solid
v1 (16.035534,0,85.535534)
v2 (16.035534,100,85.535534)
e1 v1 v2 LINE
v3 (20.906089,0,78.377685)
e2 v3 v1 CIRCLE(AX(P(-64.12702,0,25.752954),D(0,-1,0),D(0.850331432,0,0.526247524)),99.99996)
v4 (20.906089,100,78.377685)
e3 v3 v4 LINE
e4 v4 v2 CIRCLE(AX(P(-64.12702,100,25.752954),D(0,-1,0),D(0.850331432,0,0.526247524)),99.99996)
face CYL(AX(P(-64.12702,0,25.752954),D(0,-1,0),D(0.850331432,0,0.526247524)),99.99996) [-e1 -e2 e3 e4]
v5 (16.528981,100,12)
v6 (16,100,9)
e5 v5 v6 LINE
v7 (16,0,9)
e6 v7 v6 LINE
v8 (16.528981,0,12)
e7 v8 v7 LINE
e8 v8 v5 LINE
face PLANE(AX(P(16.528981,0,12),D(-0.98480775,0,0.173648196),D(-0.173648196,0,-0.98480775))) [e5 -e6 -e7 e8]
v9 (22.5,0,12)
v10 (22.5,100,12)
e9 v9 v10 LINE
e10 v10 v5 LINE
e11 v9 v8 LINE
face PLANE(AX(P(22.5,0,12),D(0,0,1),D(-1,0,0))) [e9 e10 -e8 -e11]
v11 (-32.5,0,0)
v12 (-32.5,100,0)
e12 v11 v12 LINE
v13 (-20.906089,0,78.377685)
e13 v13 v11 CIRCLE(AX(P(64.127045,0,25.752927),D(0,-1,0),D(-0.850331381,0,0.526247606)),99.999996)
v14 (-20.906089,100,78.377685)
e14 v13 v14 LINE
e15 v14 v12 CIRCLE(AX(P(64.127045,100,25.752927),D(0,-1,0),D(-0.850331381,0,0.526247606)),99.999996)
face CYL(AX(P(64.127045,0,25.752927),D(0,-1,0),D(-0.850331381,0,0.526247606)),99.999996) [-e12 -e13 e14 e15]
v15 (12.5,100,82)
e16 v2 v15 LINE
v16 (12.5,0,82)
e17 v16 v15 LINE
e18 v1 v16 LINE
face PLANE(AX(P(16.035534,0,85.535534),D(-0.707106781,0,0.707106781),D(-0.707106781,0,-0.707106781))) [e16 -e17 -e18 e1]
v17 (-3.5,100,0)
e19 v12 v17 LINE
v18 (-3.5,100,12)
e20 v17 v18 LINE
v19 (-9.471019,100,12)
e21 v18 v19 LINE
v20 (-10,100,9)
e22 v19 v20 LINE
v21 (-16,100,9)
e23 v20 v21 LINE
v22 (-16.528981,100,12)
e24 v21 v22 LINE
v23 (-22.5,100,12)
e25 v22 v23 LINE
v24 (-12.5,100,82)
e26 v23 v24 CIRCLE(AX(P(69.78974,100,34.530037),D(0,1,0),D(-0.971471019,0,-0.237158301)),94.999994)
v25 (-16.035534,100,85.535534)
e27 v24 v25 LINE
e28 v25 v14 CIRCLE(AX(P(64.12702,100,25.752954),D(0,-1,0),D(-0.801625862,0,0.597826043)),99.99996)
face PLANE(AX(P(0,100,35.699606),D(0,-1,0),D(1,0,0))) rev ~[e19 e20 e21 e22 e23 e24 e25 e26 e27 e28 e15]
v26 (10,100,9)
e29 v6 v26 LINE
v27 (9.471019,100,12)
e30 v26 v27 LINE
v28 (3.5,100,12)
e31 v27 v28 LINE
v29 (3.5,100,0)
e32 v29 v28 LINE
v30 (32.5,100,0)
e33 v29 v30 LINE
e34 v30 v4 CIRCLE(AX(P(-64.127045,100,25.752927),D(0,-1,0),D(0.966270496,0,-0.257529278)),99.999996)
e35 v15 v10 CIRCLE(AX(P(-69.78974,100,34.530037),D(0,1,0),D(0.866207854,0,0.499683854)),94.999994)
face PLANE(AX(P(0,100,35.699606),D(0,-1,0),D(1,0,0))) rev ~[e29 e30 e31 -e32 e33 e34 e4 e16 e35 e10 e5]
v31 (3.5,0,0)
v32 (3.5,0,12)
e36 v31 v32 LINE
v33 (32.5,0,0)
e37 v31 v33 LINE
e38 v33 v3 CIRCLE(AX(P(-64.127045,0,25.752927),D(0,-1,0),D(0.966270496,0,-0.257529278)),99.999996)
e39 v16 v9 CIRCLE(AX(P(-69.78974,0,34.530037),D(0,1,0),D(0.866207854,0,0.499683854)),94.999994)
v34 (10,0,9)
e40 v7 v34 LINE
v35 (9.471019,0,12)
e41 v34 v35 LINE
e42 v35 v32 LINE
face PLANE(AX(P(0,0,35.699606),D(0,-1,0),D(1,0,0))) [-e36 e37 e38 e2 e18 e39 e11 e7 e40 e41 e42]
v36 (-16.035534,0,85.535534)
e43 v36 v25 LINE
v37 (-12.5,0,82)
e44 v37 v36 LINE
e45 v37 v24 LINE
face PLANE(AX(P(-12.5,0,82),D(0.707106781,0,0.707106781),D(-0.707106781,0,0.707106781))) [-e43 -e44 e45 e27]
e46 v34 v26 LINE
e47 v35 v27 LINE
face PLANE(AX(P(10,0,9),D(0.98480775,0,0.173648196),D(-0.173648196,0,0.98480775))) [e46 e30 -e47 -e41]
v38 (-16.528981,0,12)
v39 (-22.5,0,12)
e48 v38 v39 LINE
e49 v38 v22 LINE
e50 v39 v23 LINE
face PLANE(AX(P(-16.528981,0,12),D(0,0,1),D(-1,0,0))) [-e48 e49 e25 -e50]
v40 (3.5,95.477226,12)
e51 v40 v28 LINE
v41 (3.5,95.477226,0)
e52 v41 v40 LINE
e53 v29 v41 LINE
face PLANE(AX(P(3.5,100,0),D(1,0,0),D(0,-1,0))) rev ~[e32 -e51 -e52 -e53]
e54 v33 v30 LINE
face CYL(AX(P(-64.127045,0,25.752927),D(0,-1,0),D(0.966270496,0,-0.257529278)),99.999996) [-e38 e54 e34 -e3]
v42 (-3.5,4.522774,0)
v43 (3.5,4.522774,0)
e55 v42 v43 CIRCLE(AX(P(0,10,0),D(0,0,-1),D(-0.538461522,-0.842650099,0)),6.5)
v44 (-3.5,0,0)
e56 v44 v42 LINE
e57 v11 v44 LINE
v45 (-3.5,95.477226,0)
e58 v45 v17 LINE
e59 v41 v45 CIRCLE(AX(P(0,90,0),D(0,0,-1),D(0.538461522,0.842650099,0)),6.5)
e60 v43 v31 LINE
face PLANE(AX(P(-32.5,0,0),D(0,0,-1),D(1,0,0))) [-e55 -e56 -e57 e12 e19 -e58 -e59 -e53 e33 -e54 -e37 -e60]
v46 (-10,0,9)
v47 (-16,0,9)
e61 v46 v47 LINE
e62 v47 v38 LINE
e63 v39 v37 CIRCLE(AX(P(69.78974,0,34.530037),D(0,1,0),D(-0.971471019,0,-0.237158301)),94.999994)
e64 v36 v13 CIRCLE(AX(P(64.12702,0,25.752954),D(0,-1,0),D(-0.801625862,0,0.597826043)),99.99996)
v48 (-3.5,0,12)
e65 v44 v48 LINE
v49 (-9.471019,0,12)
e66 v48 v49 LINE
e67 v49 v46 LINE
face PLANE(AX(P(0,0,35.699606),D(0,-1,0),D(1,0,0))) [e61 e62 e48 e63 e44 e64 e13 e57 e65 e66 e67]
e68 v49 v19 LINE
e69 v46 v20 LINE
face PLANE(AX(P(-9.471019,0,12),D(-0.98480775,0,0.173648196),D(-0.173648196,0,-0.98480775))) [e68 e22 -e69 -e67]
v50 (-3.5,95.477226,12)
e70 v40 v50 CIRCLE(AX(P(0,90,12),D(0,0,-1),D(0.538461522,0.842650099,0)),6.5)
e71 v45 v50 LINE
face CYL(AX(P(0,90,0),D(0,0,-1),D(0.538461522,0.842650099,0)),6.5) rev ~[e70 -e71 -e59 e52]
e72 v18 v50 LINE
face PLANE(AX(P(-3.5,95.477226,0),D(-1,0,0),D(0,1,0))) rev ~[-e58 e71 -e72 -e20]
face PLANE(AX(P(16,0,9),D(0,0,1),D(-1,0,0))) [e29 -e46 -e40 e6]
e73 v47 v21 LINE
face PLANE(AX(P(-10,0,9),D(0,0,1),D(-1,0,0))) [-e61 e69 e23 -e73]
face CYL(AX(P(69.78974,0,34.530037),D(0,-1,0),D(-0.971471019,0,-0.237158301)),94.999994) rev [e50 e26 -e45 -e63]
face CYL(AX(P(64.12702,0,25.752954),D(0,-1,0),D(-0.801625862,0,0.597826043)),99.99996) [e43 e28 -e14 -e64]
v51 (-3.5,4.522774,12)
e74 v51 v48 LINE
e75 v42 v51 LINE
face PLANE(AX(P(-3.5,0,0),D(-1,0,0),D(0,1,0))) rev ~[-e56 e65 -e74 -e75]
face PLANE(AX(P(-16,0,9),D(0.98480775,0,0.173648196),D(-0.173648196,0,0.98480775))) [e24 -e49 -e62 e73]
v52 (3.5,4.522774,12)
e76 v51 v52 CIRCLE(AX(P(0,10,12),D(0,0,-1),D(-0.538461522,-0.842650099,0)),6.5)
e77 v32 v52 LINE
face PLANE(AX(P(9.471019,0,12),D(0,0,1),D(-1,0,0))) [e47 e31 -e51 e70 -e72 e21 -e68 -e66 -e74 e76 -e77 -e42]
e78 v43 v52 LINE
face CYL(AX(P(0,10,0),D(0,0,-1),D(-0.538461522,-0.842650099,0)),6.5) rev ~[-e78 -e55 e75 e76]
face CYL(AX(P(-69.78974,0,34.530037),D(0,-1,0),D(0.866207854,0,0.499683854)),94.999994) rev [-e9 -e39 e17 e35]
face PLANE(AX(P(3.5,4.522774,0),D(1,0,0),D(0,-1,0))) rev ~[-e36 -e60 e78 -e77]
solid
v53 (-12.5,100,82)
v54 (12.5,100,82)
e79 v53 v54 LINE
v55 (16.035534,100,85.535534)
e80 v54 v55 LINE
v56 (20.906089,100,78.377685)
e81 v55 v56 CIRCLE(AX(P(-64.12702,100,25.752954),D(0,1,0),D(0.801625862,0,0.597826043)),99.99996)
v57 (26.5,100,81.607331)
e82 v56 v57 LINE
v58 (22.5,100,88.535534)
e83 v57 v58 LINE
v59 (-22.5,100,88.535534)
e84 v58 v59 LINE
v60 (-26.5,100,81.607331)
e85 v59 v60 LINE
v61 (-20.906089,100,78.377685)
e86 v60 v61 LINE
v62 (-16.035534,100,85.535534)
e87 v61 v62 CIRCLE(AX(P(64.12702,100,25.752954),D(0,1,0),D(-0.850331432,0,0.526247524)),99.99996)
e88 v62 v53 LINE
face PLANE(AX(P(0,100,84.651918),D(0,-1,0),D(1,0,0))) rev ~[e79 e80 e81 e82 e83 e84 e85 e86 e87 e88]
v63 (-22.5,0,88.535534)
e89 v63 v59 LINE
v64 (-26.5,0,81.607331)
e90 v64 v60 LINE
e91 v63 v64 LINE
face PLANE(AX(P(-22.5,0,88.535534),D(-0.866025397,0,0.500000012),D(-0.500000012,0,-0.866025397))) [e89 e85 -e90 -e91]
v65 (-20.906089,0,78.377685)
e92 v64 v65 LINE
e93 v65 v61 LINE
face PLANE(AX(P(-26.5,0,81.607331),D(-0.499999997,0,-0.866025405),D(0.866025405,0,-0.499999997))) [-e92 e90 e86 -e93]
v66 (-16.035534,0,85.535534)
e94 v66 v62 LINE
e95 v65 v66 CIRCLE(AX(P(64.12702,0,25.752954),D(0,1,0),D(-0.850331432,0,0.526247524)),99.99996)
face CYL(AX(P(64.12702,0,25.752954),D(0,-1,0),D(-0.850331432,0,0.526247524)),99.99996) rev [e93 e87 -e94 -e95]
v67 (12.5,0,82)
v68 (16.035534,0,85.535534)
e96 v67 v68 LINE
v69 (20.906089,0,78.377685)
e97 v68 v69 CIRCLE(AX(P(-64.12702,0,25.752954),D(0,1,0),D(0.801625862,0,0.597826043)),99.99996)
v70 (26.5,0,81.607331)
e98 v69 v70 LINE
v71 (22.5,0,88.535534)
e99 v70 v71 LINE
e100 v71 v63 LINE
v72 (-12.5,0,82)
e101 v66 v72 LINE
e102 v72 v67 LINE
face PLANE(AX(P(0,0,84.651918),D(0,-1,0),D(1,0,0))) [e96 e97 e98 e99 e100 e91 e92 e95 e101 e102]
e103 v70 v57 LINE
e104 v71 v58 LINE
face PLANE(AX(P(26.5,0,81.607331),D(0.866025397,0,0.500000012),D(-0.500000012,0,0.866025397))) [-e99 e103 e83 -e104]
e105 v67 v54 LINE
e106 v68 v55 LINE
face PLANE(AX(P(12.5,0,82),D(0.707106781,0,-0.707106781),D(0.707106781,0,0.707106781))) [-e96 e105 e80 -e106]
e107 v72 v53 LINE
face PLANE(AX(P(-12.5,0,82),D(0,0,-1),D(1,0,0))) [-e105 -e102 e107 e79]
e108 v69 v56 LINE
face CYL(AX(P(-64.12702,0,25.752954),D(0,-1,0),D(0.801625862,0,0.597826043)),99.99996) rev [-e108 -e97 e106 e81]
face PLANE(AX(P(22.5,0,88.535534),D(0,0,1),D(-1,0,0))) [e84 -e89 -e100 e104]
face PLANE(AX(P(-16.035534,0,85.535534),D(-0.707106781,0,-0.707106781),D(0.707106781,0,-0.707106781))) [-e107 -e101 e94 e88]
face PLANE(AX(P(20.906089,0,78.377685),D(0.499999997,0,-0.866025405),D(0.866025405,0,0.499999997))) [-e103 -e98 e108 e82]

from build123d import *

# Parameters (mm, degrees)
F1_DEPTH = 100
F2_DEPTH = 100
F4_DEPTH = 25


with BuildPart() as f1:
    # F0 (on Front) → F1 (new body)
    with BuildSketch(Plane.XZ):
        with BuildLine():
            Line((-16.528981, 12), (-22.5, 12))
            ThreePointArc((-22.5, 12), (-24.255455, 47.965065), (-12.5, 82))
            Line((-12.5, 82), (-16.035534, 85.535534))
            ThreePointArc((-16.035534, 85.535534), (-18.548312, 82.009344), (-20.906089, 78.377685))
            ThreePointArc((-20.906089, 78.377685), (-34.796514, 40.386058), (-32.5, 0))
            Line((-32.5, 0), (32.5, 0))
            ThreePointArc((32.5, 0), (34.796514, 40.386058), (20.906089, 78.377685))
            ThreePointArc((20.906089, 78.377685), (18.548312, 82.009344), (16.035534, 85.535534))
            Line((16.035534, 85.535534), (12.5, 82))
            ThreePointArc((12.5, 82), (24.255455, 47.965065), (22.5, 12))
            Line((22.5, 12), (16.528981, 12))
            Line((16.528981, 12), (16, 9))
            Line((16, 9), (10, 9))
            Line((10, 9), (9.471019, 12))
            Line((9.471019, 12), (-9.471019, 12))
            Line((-9.471019, 12), (-10, 9))
            Line((-10, 9), (-16, 9))
            Line((-16, 9), (-16.528981, 12))
        make_face()
    extrude(amount=-F1_DEPTH)

    # F3 (on face) → F4 (cut)
    with BuildSketch(Plane(origin=(0, 0, 0), x_dir=(1, 0, 0), z_dir=(0, 0, -1))):
        with BuildLine():
            Line((-3.5, 0), (-3.5, -4.522774))
            ThreePointArc((-3.5, -4.522774), (0, -16.5), (3.5, -4.522774))
            Line((3.5, -4.522774), (3.5, 0))
            Line((3.5, 0), (-3.5, 0))
        make_face()
        with BuildLine():
            Line((-3.5, -95.477226), (-3.5, -100))
            Line((-3.5, -100), (3.5, -100))
            Line((3.5, -100), (3.5, -95.477226))
            ThreePointArc((3.5, -95.477226), (0, -83.5), (-3.5, -95.477226))
        make_face()
    extrude(amount=-F4_DEPTH, mode=Mode.SUBTRACT)


with BuildPart() as f2:
    # F0 (on Front) → F2 (new body)
    with BuildSketch(Plane.XZ):
        with BuildLine():
            Line((-16.035534, 85.535534), (-12.5, 82))
            Line((-12.5, 82), (12.5, 82))
            Line((12.5, 82), (16.035534, 85.535534))
            ThreePointArc((16.035534, 85.535534), (18.548312, 82.009344), (20.906089, 78.377685))
            Line((20.906089, 78.377685), (26.5, 81.607331))
            Line((26.5, 81.607331), (22.5, 88.535534))
            Line((22.5, 88.535534), (-22.5, 88.535534))
            Line((-22.5, 88.535534), (-26.5, 81.607331))
            Line((-26.5, 81.607331), (-20.906089, 78.377685))
            ThreePointArc((-20.906089, 78.377685), (-18.548312, 82.009344), (-16.035534, 85.535534))
        make_face()
    extrude(amount=-F2_DEPTH)


solid = Compound([f1.part, f2.part])
